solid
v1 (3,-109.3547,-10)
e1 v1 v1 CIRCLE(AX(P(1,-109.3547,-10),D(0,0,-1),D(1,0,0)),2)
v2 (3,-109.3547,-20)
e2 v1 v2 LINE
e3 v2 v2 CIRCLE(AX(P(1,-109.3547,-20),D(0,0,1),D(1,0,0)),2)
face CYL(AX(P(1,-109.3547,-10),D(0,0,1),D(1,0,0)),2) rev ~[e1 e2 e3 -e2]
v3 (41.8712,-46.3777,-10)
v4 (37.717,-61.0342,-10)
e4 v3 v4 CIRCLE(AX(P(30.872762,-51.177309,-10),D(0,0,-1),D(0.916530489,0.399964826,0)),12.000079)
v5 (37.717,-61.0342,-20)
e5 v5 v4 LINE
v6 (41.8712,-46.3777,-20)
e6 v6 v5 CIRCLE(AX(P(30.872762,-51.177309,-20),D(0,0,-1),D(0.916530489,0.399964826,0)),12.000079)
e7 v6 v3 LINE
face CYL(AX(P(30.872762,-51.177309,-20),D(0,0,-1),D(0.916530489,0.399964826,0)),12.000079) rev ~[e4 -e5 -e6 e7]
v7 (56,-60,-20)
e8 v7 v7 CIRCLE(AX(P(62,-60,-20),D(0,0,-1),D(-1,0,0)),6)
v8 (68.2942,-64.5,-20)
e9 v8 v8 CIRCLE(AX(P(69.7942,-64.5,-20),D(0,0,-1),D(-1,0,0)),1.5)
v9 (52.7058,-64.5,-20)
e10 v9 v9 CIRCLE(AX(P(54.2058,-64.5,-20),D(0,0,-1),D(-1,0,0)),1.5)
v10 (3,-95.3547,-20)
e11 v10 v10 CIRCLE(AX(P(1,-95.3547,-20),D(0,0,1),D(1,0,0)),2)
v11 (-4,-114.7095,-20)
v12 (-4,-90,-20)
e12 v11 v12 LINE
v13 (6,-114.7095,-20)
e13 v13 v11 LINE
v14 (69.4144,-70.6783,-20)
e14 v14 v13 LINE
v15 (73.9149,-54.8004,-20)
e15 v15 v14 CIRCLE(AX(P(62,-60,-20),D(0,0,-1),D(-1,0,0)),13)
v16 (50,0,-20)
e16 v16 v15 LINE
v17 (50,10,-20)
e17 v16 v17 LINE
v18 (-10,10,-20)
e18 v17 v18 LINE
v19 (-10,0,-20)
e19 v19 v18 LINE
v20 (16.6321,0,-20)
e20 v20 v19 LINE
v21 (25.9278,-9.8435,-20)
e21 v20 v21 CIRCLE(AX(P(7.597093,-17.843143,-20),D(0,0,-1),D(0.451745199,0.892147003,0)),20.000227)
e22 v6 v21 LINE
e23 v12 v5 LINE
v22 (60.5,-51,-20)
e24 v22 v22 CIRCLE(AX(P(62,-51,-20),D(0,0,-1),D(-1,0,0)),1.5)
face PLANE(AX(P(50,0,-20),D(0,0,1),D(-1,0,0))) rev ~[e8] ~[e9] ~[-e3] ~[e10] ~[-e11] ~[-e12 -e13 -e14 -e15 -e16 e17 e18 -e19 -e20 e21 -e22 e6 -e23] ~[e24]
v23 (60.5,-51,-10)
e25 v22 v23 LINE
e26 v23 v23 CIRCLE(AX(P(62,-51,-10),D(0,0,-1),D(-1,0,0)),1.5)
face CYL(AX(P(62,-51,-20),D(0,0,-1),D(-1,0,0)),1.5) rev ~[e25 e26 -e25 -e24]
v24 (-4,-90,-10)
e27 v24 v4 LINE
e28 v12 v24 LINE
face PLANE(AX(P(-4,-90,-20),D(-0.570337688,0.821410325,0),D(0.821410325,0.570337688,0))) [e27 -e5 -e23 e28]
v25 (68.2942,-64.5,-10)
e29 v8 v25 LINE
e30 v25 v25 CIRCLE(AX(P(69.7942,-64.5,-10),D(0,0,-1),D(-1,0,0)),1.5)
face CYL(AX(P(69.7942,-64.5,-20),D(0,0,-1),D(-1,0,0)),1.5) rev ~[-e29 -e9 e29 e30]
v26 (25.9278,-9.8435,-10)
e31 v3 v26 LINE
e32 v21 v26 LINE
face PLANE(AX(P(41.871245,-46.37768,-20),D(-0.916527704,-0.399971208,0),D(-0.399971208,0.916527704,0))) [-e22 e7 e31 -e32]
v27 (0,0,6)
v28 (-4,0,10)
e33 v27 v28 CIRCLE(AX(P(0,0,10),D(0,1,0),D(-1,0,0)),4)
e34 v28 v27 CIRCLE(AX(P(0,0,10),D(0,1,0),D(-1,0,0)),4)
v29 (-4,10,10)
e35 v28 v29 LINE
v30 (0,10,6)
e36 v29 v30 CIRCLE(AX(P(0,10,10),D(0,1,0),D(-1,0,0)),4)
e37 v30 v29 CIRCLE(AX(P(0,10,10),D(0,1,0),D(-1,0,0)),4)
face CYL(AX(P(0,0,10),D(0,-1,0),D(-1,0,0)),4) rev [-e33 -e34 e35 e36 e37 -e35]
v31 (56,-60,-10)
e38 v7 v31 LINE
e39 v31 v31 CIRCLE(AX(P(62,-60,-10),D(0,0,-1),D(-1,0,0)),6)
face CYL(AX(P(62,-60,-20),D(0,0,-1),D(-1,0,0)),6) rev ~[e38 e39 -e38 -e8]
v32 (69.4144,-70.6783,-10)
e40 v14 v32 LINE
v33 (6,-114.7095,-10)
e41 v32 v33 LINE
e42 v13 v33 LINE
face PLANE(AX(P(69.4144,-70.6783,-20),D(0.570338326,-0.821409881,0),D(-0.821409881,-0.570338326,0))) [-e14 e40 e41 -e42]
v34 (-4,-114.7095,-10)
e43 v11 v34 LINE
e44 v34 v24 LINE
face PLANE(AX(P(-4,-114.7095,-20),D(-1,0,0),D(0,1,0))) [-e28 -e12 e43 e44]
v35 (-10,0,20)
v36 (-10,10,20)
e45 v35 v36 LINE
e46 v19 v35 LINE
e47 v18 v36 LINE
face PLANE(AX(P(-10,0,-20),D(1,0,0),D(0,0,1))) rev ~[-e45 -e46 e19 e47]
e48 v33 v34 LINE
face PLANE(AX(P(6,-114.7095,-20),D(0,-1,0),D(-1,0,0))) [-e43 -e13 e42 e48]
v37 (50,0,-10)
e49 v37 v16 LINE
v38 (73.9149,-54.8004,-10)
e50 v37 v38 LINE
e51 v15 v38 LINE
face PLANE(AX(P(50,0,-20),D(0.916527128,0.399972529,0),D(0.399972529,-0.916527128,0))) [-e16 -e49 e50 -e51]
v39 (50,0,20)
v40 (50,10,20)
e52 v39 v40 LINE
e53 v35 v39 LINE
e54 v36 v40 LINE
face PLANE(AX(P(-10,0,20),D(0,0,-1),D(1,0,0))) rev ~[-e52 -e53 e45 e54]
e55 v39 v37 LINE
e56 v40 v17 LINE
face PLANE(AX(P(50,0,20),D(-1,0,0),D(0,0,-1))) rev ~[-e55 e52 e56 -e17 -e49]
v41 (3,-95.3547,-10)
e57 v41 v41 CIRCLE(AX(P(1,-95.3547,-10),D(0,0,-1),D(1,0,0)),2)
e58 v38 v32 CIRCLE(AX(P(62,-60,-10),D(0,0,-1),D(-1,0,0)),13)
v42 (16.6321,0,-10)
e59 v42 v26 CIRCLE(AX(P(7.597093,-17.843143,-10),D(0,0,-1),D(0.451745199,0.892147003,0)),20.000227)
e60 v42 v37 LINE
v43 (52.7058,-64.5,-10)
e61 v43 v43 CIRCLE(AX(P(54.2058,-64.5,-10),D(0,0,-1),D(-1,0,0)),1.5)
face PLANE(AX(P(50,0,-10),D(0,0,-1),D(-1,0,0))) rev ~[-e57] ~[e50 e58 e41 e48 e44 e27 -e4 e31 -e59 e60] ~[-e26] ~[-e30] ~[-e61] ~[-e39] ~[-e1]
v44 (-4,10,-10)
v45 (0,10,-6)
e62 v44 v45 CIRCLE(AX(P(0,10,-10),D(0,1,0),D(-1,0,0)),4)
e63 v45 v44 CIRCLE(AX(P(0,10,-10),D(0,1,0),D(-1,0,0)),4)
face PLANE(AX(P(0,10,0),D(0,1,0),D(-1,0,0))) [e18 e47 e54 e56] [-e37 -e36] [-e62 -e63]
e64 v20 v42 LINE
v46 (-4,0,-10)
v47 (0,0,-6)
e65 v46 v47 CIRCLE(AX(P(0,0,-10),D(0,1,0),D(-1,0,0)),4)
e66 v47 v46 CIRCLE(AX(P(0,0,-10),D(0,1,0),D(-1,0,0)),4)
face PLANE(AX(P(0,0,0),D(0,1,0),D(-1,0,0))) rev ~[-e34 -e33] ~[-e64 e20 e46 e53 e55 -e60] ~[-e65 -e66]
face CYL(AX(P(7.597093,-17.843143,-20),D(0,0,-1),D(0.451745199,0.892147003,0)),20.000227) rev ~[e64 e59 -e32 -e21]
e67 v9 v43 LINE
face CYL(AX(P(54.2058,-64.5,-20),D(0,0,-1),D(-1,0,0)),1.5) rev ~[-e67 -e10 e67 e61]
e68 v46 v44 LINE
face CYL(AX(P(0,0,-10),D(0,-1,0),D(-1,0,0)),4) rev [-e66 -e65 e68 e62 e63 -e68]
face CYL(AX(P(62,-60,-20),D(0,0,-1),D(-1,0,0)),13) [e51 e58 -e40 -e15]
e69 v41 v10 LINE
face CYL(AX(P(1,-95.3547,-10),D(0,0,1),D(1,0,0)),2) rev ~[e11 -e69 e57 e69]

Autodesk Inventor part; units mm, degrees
ref_plane "YZ Plane" through (0, 0, 0) normal (1, 0, 0) x (0, 1, 0)
ref_plane "XZ Plane" through (0, 0, 0) normal (0, 1, 0) x (-1, 0, 0)
ref_plane "XY Plane" through (0, 0, 0) normal (0, 0, 1) x (1, 0, 0)
sketch "Sketch1" plane through (0, 0, 0) normal (0, 1, 0) x (-1, 0, 0)
  circle A0 centre (0, 10) radius 4
  circle A1 centre (0, -10) radius 4
  line L0 (10, 20) -> (-50, 20)
  line L1 (-50, 20) -> (-50, -20)
  line L2 (-50, -20) -> (10, -20)
  line L3 (10, -20) -> (10, 20)
  line L4 (0, 10) -> (0, -10)
  point P0 (0, 0)
  point P1 (0, 0)
  dimension "d0" = 8
  dimension "d1" = 40
  dimension "d2" = 20
  dimension "d3" = 10
extrude "Extrusion1" add sketch "Sketch1" along normal blind 10
sketch "Sketch2" plane through (50, 0, -20) normal (0, 0, -1) x (-1, 0, 0)
  circle A0 centre (-12, -60) radius 57.5 construction
  line L0 (0, 0) -> (60, 0) projected
  line L1 (0, 0) -> (-23.9149, -54.8004)
  line L2 (-0.0851, -65.1996) -> (28.3679, 0)
  circle A1 centre (-12, -60) radius 9 construction
  circle A2 centre (-4.2058, -64.5) radius 1.5
  circle A3 centre (-19.7942, -64.5) radius 1.5
  circle A4 centre (-12, -51) radius 1.5
  circle A5 centre (-12, -60) radius 13
  line L3 (-19.7942, -64.5) -> (-4.2058, -64.5) construction
  line L4 (-12, -51) -> (-4.2058, -64.5) construction
  line L5 (-19.7942, -64.5) -> (-12, -51) construction
  arc A6 (33.3679, 0) -> (24.0722, -9.8435) centre (42.4028, -17.843) ccw
  line L6 (0, 0) -> (0, 10)
  line L7 (-19.4144, -70.6783) -> (44, -114.7095)
  line L8 (44, -114.7095) -> (54, -114.7095)
  line L9 (54, -114.7095) -> (54, -90)
  line L10 (54, -90) -> (-4.5856, -49.3217)
  line L11 (0, 0) -> (0, 10) projected
  arc A7 (8.1288, -46.3777) -> (12.283, -61.0342) centre (19.1271, -51.1773) ccw
  circle A8 centre (-12, -60) radius 6
  point P0 (50, 0)
  point P1 (4.1861, -55.4122)
  dimension "d6" = 115
  dimension "d7" = 3
  dimension "d8" = 18
  dimension "d9" = 26
  dimension "d10" = 60
  dimension "d11" = 12
  dimension "d12" = 5
  dimension "d13" = 20
  dimension "d15" = 66
  dimension "d18" = 10
  dimension "d19" = 30
  dimension "d20" = 12
  dimension "d21" = 12
extrude "Extrusion2" add sketch "Sketch2" against normal blind 10
sketch "Sketch3" plane through (50, 0, -10) normal (0, 0, 1) x (1, 0, 0)
  circle A0 centre (-49, -95.3547) radius 2
  circle A1 centre (-49, -109.3547) radius 2
  line L0 (-54, -90) -> (-44, -90)
  line L1 (-44, -90) -> (-44, -114.7095)
  line L2 (-44, -114.7095) -> (-54, -114.7095)
  line L3 (-54, -114.7095) -> (-54, -90)
  line L4 (-49, -95.3547) -> (-49, -109.3547)
  point P0 (-50, 0)
  point P1 (-44, -102.3547)
  point P2 (-49, -102.3547)
  point P3 (-49, -90)
  dimension "d24" = 4
  dimension "d25" = 14
extrude "Extrusion3" cut sketch "Sketch3" against normal blind 10 contours A0 | A1
properties part number "Mount_Frame"
